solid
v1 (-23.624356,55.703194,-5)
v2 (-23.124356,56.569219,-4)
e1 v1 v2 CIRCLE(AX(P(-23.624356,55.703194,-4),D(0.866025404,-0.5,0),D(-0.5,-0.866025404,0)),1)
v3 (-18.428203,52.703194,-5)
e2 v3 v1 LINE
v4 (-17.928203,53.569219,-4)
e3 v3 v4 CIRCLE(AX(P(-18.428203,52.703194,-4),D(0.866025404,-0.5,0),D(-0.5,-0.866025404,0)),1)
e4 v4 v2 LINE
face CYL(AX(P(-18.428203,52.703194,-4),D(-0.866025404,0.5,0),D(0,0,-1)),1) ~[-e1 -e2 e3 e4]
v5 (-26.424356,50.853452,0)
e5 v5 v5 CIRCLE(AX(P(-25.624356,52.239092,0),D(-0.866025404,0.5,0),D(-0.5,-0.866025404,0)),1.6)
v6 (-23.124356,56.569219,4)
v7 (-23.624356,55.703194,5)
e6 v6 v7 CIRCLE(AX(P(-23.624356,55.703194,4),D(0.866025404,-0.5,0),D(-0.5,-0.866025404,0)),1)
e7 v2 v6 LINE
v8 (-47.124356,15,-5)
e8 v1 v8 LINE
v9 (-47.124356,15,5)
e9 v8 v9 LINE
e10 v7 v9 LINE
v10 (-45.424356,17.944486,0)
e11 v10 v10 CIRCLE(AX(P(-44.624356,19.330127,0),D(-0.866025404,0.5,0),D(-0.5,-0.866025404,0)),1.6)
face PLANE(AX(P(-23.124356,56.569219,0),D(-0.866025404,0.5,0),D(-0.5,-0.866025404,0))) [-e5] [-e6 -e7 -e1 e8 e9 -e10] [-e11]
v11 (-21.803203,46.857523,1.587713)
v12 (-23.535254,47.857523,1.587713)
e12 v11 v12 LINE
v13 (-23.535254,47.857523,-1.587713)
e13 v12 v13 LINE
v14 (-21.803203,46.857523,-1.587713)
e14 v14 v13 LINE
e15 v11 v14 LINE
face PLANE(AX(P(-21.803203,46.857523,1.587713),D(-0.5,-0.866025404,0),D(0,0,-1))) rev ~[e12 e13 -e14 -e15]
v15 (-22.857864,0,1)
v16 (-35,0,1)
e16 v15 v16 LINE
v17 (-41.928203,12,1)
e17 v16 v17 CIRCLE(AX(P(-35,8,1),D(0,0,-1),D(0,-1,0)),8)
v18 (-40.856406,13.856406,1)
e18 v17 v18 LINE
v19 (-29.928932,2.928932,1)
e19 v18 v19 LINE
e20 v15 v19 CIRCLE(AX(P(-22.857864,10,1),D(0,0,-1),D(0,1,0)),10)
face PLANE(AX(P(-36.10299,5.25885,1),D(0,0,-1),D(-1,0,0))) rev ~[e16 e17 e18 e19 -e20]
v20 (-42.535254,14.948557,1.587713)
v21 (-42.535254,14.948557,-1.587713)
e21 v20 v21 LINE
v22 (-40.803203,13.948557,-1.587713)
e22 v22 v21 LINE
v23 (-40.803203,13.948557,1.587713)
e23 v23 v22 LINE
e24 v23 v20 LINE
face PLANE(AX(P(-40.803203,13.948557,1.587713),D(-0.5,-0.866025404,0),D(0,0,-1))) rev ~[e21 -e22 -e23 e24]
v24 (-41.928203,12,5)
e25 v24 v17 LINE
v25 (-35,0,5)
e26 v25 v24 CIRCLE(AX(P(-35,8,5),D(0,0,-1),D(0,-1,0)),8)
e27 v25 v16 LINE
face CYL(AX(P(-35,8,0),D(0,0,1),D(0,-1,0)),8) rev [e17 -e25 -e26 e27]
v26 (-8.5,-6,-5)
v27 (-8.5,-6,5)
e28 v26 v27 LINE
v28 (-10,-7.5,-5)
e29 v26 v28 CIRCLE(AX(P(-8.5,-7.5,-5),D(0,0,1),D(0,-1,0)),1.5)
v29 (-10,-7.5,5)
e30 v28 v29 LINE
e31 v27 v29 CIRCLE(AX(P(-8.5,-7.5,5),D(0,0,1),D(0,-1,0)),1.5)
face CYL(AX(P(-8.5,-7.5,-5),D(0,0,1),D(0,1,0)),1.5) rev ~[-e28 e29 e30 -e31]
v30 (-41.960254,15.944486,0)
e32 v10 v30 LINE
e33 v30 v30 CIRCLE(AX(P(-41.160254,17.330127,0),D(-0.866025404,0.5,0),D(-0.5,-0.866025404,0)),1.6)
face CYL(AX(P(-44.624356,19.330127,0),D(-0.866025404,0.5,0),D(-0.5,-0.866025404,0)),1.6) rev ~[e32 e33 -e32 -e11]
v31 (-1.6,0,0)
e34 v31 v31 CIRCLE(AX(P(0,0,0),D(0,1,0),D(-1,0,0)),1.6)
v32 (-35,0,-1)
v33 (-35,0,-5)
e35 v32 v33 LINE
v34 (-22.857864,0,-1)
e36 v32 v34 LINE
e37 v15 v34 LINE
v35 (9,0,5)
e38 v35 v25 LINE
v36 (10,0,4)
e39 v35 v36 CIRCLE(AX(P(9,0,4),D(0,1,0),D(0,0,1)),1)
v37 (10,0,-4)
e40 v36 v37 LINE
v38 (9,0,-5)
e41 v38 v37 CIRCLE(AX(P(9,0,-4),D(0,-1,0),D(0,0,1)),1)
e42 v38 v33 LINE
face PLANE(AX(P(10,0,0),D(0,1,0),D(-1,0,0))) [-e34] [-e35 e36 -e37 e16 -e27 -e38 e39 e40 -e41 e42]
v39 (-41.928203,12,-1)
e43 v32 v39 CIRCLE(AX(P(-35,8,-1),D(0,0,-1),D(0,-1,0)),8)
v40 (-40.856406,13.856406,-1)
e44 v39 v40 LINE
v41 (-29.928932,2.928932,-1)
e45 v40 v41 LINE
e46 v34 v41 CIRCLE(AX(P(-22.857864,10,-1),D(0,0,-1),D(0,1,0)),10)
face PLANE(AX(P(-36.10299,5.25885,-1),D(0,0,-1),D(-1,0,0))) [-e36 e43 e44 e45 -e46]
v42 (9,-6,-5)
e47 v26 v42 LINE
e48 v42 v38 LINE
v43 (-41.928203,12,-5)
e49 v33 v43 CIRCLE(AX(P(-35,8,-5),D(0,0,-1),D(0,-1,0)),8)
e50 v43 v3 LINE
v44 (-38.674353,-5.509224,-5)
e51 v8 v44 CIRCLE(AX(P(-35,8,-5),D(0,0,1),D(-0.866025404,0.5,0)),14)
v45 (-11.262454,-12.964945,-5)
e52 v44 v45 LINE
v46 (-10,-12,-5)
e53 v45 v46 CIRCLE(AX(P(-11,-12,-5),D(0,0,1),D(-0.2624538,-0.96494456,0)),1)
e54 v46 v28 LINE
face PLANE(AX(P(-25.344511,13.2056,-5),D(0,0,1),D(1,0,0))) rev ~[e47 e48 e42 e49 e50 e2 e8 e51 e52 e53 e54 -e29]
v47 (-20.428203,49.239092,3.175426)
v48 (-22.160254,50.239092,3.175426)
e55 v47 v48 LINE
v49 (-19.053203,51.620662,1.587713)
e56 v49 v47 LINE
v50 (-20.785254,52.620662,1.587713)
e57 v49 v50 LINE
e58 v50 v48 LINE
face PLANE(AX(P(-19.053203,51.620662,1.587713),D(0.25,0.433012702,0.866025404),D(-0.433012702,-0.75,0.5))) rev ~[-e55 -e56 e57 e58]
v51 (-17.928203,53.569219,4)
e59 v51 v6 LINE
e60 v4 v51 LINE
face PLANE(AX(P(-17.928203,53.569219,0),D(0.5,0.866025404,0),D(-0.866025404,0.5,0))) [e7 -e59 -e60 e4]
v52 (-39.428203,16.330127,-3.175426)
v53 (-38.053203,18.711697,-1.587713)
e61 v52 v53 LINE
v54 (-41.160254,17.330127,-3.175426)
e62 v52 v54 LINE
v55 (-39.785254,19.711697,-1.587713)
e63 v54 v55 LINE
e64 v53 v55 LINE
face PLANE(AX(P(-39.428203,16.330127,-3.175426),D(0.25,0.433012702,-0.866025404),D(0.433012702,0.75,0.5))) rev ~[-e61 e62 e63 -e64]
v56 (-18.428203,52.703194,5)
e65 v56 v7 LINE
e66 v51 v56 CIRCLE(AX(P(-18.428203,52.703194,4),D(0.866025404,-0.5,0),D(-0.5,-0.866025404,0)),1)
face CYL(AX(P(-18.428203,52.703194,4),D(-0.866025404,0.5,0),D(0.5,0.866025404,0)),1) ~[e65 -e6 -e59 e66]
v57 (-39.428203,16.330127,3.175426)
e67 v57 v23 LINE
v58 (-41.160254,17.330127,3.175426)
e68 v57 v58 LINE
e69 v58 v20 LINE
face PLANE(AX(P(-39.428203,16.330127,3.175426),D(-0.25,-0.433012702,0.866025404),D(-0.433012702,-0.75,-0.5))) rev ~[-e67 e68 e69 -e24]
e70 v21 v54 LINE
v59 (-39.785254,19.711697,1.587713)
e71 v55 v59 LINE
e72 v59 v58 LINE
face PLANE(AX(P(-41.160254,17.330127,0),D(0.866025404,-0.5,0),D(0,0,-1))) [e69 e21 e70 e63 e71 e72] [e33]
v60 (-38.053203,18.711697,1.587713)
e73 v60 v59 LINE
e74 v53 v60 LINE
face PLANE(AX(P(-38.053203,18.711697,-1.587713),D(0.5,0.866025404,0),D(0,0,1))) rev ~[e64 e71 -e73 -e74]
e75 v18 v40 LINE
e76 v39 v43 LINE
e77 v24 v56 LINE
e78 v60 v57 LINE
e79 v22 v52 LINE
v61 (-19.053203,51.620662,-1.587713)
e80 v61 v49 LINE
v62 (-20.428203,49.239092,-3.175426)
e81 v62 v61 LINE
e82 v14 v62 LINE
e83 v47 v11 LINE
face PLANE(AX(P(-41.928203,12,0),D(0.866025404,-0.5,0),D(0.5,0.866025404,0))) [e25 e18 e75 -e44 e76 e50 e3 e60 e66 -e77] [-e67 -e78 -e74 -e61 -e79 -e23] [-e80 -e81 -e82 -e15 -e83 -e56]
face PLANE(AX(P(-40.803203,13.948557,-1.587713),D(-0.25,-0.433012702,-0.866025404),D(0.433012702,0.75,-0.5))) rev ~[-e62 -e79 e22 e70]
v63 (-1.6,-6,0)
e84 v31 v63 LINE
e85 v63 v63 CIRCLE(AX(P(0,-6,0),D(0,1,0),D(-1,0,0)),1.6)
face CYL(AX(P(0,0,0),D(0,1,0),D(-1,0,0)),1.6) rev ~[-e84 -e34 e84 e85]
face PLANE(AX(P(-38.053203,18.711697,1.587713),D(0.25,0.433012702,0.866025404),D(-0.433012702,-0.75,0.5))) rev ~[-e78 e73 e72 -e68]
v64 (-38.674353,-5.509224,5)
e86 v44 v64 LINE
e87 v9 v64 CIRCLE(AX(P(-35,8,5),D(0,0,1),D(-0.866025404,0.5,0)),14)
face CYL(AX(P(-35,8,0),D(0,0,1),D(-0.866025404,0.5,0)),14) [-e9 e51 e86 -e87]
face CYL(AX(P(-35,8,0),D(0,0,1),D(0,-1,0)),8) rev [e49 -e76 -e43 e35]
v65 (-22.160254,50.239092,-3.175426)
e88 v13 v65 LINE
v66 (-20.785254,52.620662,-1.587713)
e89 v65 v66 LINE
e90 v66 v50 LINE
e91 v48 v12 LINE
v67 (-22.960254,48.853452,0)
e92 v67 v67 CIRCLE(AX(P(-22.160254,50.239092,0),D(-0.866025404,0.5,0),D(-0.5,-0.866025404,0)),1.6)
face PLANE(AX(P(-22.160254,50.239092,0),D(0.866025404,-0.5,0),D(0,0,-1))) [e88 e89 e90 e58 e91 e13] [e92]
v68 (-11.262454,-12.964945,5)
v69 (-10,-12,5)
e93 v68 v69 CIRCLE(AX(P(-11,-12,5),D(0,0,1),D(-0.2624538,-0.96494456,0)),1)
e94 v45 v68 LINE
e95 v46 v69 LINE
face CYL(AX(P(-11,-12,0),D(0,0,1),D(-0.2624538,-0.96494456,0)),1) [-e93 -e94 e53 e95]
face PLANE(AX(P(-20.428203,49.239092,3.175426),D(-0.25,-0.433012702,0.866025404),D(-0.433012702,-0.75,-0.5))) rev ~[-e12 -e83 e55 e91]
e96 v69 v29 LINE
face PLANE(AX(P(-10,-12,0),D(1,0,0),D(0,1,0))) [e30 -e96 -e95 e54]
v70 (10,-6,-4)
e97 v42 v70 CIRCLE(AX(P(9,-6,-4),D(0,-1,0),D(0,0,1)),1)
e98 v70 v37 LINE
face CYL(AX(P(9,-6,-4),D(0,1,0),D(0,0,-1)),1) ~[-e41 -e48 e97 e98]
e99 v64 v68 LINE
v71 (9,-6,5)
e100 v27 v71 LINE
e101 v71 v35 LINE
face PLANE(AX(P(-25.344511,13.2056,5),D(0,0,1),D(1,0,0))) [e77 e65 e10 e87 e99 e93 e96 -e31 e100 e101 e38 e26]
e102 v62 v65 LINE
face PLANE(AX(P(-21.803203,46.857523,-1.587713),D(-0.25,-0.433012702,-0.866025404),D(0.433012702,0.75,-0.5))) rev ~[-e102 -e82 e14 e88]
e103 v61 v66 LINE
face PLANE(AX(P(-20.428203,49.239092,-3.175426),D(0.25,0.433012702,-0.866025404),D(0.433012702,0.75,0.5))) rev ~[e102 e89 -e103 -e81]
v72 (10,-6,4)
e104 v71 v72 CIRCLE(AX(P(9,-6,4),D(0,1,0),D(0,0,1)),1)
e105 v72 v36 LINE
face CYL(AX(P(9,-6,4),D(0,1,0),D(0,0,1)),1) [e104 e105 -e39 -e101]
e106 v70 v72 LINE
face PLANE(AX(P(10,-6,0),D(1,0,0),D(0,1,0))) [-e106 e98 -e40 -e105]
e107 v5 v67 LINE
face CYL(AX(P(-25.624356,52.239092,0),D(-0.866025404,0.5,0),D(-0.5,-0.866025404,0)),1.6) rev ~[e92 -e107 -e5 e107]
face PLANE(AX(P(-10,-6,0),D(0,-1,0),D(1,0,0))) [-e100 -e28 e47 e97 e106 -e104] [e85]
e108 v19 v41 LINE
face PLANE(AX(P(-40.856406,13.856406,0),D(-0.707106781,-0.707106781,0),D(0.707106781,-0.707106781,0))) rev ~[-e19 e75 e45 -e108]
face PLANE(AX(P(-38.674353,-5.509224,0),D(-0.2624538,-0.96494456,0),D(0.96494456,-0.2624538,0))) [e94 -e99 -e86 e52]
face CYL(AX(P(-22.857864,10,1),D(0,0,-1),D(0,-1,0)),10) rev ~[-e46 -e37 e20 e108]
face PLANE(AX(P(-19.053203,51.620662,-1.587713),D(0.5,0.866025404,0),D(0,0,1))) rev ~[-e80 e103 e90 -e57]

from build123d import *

# Parameters (mm, degrees)
EXTRUDE_1_DEPTH     = 5
SKETCH_2_R          = 1.6
CUT_EXTRUDE_1_DEPTH = 76.007176866
SKETCH_3_R          = 1.6
CUT_EXTRUDE_2_DEPTH = 6
CUT_EXTRUDE_3_DEPTH = 2
FILLET_1_R          = 1
EXTRUDE_2_DEPTH     = 1
FILLET_2_R          = 1.5
FILLET_3_R          = 10


with BuildPart() as part:
    # 草图1 → 凸台-拉伸1 (new, symmetric)
    with BuildSketch(Plane.XY):
        with BuildLine():
            Line((-41.92820323, 12), (-17.92820323, 53.569219382))
            Line((-17.92820323, 53.569219382), (-23.124355653, 56.569219382))
            Line((-23.124355653, 56.569219382), (-47.124355653, 15))
            ThreePointArc((-47.124355653, 15), (-47.94437584, 2.666789511), (-38.674353195, -5.509223834))
            Line((-38.674353195, -5.509223834), (-11.2624538, -12.96494456))
            ThreePointArc((-11.2624538, -12.96494456), (-10.39273309, -12.794497892), (-10, -12))
            Line((-10, -12), (-10, -6))
            Line((-10, -6), (10, -6))
            Line((10, -6), (10, 0))
            Line((10, 0), (-35, 0))
            ThreePointArc((-35, 0), (-41.92820323, 4), (-41.92820323, 12))
        make_face()
    extrude(amount=EXTRUDE_1_DEPTH, both=True)

    # 草图2 → 切除-拉伸1 (cut, through all)
    with BuildSketch(Plane(origin=(0, 0, 0), x_dir=(1, 0, 0), z_dir=(0, 1, 0))):
        with Locations(Location((0, 0, 0), (0, 0, 180))):
            Circle(SKETCH_2_R)
    extrude(amount=-CUT_EXTRUDE_1_DEPTH, mode=Mode.SUBTRACT)

    # 草图3 → 切除-拉伸2 (cut)
    with BuildSketch(Plane(origin=(-41.838457268, 24.155444566, 0), x_dir=(0, 0, 1), z_dir=(-0.8660254037844367, 0.5000000000000036, 0))):
        with Locations(Location((0, 32.42820323, 0), (0, 0, 270))):
            Circle(SKETCH_3_R)
        with Locations(Location((0, -5.57179677, 0), (0, 0, 270))):
            Circle(SKETCH_3_R)
    extrude(amount=-CUT_EXTRUDE_2_DEPTH, mode=Mode.SUBTRACT)

    # 草图4 → 切除-拉伸3 (cut)
    with BuildSketch(Plane(origin=(-36.642304845, 21.155444566, 0), x_dir=(0, 0, -1), z_dir=(0.8660254037844365, -0.5000000000000039, 0))):
        Polygon((1.58771324, 35.17820323), (-1.58771324, 35.17820323), (-3.175426481, 32.42820323), (-1.58771324, 29.67820323), (1.58771324, 29.67820323), (3.175426481, 32.42820323), align=None)
        Polygon((1.58771324, -2.82179677), (-1.58771324, -2.82179677), (-3.175426481, -5.57179677), (-1.58771324, -8.32179677), (1.58771324, -8.32179677), (3.175426481, -5.57179677), align=None)
    extrude(amount=-CUT_EXTRUDE_3_DEPTH, mode=Mode.SUBTRACT)

    # 圆角1
    fillet_1_edges = [part.edges().sort_by_distance(p)[0] for p in [
        (10, -3, -5),
        (-20.526279442, 55.069219382, -5),
        (-20.526279442, 55.069219382, 5),
        (10, -3, 5),
    ]]
    fillet(fillet_1_edges, radius=FILLET_1_R)

    # 草图6 → 凸台-拉伸2 (add, symmetric)
    with BuildSketch(Plane.XY):
        with BuildLine():
            Line((-41.92820323, 12), (-40.856406461, 13.856406461))
            Line((-40.856406461, 13.856406461), (-27, 0))
            Line((-27, 0), (-35, 0))
            ThreePointArc((-35, 0), (-41.92820323, 4), (-41.92820323, 12))
        make_face()
    extrude(amount=EXTRUDE_2_DEPTH, both=True)

    # 圆角2
    fillet_2_edges = [part.edges().sort_by_distance(p)[0] for p in [
        (-10, -6, 0),
    ]]
    fillet(fillet_2_edges, radius=FILLET_2_R)

    # 圆角3
    fillet_3_edges = [part.edges().sort_by_distance(p)[0] for p in [
        (-27, 0, 0),
    ]]
    fillet(fillet_3_edges, radius=FILLET_3_R)


solid = part.part
